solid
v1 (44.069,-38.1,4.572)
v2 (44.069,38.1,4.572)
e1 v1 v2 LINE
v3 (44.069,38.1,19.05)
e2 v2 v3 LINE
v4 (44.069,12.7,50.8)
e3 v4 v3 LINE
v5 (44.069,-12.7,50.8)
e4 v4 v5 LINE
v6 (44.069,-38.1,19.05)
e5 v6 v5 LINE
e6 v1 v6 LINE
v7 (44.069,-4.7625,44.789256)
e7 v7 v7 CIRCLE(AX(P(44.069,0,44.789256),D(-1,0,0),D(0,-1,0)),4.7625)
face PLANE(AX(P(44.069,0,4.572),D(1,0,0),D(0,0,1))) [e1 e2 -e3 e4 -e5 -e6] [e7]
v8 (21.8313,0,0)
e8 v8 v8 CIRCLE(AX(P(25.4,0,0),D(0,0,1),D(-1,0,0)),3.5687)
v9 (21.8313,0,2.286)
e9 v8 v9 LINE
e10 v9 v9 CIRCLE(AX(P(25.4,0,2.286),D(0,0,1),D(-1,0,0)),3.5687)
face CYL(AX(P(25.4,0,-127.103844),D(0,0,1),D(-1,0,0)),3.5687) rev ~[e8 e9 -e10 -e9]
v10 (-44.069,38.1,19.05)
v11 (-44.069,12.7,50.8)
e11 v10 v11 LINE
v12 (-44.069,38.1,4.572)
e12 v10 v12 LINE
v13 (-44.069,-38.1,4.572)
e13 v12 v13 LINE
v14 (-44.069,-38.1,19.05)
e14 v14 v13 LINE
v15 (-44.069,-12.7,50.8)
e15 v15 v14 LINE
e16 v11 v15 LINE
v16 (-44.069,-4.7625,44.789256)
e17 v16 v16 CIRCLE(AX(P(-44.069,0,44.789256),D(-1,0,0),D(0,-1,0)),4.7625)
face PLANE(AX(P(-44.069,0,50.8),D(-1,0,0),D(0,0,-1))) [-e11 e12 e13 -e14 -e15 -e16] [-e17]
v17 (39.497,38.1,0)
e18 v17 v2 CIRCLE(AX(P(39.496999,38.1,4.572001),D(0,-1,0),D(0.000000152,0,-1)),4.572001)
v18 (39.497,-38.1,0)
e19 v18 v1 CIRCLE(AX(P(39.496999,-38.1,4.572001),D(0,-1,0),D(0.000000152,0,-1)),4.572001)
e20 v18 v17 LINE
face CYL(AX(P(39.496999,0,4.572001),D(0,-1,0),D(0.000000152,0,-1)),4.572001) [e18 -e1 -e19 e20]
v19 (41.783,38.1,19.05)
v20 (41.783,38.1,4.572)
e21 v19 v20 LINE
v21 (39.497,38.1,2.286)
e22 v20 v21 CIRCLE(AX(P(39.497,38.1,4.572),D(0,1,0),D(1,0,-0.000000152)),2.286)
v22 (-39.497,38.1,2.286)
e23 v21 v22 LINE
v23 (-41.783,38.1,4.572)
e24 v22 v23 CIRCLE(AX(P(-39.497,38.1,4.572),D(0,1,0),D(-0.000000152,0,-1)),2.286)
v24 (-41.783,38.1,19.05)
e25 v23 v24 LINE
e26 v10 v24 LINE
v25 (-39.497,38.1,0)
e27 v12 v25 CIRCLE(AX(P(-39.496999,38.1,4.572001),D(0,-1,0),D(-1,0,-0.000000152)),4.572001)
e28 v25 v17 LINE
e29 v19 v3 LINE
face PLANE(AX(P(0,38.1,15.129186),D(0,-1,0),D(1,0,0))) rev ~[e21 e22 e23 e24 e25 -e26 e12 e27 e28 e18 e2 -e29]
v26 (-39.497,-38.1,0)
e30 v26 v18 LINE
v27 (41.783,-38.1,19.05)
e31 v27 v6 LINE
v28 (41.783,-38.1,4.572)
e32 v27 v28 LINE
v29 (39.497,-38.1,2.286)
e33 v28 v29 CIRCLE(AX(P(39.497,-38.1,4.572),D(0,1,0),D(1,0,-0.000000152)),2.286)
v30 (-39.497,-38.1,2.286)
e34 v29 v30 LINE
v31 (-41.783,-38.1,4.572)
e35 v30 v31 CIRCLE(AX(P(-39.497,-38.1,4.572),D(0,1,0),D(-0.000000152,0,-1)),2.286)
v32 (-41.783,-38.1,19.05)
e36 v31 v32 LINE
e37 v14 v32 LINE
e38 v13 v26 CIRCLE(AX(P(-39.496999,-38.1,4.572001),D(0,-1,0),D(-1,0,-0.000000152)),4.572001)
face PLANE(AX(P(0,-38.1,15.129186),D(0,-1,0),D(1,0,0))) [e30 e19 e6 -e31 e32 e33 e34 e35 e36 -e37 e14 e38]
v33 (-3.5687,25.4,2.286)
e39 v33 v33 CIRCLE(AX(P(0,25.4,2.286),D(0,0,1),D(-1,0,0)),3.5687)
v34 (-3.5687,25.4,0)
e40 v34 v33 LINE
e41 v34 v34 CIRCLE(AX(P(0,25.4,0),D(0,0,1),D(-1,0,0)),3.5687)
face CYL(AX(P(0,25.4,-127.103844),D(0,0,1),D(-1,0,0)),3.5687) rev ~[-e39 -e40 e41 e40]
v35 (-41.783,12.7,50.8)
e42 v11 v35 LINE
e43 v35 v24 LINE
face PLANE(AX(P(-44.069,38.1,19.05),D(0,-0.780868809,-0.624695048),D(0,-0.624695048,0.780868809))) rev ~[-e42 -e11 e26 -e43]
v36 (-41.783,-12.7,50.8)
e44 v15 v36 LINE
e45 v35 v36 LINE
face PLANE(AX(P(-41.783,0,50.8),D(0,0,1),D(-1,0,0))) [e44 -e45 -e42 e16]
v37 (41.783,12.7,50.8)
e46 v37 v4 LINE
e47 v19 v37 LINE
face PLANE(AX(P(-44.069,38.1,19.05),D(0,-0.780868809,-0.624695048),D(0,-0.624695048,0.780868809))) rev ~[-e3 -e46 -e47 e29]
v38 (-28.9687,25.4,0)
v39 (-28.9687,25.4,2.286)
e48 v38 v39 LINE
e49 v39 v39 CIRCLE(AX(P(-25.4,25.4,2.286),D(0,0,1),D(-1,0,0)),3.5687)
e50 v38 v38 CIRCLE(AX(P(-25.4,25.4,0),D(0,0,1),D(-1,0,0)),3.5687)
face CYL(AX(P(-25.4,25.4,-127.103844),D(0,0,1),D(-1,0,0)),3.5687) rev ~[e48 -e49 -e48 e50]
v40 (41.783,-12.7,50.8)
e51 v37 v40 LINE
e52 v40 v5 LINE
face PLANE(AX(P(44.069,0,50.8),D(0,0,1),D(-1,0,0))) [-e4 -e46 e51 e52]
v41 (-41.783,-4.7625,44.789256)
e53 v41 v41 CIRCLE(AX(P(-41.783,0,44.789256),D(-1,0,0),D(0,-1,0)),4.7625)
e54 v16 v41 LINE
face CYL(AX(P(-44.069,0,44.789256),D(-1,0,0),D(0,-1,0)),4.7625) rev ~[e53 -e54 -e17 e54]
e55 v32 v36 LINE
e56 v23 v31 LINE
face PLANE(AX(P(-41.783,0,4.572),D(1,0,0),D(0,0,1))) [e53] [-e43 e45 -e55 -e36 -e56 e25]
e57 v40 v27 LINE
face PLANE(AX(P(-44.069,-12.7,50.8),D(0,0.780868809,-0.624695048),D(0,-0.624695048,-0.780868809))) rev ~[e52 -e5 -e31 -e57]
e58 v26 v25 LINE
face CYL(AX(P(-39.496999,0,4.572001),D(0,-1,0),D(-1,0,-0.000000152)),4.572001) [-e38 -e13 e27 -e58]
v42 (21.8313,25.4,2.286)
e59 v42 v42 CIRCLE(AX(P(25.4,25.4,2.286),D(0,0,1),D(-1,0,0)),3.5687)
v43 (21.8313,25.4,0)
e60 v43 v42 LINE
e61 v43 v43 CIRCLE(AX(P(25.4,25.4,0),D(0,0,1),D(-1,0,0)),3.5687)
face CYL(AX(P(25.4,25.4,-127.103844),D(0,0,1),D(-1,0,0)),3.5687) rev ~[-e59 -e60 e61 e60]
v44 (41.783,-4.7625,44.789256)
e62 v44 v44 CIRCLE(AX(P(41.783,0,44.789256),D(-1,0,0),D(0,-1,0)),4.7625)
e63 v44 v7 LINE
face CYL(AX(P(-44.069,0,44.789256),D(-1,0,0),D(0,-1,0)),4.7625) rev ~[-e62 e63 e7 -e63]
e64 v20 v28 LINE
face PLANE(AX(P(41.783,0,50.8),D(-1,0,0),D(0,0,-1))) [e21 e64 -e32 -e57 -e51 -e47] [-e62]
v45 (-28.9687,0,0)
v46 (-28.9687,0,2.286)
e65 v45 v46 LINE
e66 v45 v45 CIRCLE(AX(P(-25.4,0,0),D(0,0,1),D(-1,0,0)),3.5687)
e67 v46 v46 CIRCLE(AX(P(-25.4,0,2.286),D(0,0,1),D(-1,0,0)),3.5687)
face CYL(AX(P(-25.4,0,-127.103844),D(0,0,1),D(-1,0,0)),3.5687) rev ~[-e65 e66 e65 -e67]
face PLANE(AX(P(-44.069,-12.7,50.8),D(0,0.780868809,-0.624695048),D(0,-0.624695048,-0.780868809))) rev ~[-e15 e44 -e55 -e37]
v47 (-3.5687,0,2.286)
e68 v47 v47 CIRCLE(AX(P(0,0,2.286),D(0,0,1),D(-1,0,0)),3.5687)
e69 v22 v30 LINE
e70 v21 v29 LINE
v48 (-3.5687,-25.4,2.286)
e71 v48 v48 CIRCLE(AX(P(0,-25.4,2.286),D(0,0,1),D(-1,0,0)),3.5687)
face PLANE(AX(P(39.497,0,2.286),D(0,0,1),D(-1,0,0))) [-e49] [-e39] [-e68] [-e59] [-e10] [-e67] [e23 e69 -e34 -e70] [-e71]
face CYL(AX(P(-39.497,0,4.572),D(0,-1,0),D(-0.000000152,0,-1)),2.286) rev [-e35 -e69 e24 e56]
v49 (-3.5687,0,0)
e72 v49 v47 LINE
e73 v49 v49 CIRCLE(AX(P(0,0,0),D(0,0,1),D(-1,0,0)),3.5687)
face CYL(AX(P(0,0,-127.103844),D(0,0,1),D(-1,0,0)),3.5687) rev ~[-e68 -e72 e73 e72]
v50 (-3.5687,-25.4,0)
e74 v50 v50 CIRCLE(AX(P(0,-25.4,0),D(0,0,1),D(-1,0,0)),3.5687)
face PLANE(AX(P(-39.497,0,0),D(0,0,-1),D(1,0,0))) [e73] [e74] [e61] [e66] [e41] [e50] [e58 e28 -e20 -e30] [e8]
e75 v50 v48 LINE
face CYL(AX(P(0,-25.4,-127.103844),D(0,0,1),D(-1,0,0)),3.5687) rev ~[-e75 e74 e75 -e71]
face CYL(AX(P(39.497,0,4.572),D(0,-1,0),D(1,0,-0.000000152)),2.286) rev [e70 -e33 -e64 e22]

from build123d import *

# Parameters (mm, degrees)
F1_DEPTH = 38.1
F2_R     = 4.7625
F3_DEPTH = 88.139
F5_D     = 7.1374


with BuildPart() as f1:
    # F0 (on Front) → F1 (new body, symmetric)
    with BuildSketch(Plane.XZ):
        with BuildLine():
            Line((44.069, 4.572), (44.069, 50.8))
            Line((44.069, 50.8), (41.783, 50.8))
            Line((41.783, 50.8), (41.783, 4.572))
            ThreePointArc((41.783, 4.572), (41.113446, 2.955554), (39.497, 2.286))
            Line((39.497, 2.286), (-39.497, 2.286))
            ThreePointArc((-39.497, 2.286), (-41.113446, 2.955554), (-41.783, 4.572))
            Line((-41.783, 4.572), (-41.783, 50.8))
            Line((-41.783, 50.8), (-44.069, 50.8))
            Line((-44.069, 50.8), (-44.069, 4.572))
            ThreePointArc((-44.069, 4.572), (-42.729892, 1.339108), (-39.497, 0))
            Line((-39.497, 0), (39.497, 0))
            ThreePointArc((39.497, 0), (42.729892, 1.339108), (44.069, 4.572))
        make_face()
    extrude(amount=F1_DEPTH, both=True)

    # F2 (on face) → F3 (cut, through all)
    with BuildSketch(Plane(origin=(-44.069, 0, 0), x_dir=(0, -1, 0), z_dir=(-1, 0, 0))):
        Polygon((12.7, 50.8), (38.1, 19.05), (38.1, 50.8), align=None)
        with Locations((0, 44.789256)):
            Circle(F2_R)
        Polygon((-38.1, 19.05), (-12.7, 50.8), (-38.1, 50.8), align=None)
    extrude(amount=-F3_DEPTH, mode=Mode.SUBTRACT)

    # F5 (through all)
    with Locations(Plane(origin=(0, 0, 0), x_dir=(1, 0, 0), z_dir=(0, 0, -1))):
        with Locations((0, 25.4), (25.4, 0), (0, 0), (-25.4, 0), (-25.4, -25.4), (0, -25.4), (25.4, -25.4)):
            Hole(F5_D / 2)


solid = f1.part
